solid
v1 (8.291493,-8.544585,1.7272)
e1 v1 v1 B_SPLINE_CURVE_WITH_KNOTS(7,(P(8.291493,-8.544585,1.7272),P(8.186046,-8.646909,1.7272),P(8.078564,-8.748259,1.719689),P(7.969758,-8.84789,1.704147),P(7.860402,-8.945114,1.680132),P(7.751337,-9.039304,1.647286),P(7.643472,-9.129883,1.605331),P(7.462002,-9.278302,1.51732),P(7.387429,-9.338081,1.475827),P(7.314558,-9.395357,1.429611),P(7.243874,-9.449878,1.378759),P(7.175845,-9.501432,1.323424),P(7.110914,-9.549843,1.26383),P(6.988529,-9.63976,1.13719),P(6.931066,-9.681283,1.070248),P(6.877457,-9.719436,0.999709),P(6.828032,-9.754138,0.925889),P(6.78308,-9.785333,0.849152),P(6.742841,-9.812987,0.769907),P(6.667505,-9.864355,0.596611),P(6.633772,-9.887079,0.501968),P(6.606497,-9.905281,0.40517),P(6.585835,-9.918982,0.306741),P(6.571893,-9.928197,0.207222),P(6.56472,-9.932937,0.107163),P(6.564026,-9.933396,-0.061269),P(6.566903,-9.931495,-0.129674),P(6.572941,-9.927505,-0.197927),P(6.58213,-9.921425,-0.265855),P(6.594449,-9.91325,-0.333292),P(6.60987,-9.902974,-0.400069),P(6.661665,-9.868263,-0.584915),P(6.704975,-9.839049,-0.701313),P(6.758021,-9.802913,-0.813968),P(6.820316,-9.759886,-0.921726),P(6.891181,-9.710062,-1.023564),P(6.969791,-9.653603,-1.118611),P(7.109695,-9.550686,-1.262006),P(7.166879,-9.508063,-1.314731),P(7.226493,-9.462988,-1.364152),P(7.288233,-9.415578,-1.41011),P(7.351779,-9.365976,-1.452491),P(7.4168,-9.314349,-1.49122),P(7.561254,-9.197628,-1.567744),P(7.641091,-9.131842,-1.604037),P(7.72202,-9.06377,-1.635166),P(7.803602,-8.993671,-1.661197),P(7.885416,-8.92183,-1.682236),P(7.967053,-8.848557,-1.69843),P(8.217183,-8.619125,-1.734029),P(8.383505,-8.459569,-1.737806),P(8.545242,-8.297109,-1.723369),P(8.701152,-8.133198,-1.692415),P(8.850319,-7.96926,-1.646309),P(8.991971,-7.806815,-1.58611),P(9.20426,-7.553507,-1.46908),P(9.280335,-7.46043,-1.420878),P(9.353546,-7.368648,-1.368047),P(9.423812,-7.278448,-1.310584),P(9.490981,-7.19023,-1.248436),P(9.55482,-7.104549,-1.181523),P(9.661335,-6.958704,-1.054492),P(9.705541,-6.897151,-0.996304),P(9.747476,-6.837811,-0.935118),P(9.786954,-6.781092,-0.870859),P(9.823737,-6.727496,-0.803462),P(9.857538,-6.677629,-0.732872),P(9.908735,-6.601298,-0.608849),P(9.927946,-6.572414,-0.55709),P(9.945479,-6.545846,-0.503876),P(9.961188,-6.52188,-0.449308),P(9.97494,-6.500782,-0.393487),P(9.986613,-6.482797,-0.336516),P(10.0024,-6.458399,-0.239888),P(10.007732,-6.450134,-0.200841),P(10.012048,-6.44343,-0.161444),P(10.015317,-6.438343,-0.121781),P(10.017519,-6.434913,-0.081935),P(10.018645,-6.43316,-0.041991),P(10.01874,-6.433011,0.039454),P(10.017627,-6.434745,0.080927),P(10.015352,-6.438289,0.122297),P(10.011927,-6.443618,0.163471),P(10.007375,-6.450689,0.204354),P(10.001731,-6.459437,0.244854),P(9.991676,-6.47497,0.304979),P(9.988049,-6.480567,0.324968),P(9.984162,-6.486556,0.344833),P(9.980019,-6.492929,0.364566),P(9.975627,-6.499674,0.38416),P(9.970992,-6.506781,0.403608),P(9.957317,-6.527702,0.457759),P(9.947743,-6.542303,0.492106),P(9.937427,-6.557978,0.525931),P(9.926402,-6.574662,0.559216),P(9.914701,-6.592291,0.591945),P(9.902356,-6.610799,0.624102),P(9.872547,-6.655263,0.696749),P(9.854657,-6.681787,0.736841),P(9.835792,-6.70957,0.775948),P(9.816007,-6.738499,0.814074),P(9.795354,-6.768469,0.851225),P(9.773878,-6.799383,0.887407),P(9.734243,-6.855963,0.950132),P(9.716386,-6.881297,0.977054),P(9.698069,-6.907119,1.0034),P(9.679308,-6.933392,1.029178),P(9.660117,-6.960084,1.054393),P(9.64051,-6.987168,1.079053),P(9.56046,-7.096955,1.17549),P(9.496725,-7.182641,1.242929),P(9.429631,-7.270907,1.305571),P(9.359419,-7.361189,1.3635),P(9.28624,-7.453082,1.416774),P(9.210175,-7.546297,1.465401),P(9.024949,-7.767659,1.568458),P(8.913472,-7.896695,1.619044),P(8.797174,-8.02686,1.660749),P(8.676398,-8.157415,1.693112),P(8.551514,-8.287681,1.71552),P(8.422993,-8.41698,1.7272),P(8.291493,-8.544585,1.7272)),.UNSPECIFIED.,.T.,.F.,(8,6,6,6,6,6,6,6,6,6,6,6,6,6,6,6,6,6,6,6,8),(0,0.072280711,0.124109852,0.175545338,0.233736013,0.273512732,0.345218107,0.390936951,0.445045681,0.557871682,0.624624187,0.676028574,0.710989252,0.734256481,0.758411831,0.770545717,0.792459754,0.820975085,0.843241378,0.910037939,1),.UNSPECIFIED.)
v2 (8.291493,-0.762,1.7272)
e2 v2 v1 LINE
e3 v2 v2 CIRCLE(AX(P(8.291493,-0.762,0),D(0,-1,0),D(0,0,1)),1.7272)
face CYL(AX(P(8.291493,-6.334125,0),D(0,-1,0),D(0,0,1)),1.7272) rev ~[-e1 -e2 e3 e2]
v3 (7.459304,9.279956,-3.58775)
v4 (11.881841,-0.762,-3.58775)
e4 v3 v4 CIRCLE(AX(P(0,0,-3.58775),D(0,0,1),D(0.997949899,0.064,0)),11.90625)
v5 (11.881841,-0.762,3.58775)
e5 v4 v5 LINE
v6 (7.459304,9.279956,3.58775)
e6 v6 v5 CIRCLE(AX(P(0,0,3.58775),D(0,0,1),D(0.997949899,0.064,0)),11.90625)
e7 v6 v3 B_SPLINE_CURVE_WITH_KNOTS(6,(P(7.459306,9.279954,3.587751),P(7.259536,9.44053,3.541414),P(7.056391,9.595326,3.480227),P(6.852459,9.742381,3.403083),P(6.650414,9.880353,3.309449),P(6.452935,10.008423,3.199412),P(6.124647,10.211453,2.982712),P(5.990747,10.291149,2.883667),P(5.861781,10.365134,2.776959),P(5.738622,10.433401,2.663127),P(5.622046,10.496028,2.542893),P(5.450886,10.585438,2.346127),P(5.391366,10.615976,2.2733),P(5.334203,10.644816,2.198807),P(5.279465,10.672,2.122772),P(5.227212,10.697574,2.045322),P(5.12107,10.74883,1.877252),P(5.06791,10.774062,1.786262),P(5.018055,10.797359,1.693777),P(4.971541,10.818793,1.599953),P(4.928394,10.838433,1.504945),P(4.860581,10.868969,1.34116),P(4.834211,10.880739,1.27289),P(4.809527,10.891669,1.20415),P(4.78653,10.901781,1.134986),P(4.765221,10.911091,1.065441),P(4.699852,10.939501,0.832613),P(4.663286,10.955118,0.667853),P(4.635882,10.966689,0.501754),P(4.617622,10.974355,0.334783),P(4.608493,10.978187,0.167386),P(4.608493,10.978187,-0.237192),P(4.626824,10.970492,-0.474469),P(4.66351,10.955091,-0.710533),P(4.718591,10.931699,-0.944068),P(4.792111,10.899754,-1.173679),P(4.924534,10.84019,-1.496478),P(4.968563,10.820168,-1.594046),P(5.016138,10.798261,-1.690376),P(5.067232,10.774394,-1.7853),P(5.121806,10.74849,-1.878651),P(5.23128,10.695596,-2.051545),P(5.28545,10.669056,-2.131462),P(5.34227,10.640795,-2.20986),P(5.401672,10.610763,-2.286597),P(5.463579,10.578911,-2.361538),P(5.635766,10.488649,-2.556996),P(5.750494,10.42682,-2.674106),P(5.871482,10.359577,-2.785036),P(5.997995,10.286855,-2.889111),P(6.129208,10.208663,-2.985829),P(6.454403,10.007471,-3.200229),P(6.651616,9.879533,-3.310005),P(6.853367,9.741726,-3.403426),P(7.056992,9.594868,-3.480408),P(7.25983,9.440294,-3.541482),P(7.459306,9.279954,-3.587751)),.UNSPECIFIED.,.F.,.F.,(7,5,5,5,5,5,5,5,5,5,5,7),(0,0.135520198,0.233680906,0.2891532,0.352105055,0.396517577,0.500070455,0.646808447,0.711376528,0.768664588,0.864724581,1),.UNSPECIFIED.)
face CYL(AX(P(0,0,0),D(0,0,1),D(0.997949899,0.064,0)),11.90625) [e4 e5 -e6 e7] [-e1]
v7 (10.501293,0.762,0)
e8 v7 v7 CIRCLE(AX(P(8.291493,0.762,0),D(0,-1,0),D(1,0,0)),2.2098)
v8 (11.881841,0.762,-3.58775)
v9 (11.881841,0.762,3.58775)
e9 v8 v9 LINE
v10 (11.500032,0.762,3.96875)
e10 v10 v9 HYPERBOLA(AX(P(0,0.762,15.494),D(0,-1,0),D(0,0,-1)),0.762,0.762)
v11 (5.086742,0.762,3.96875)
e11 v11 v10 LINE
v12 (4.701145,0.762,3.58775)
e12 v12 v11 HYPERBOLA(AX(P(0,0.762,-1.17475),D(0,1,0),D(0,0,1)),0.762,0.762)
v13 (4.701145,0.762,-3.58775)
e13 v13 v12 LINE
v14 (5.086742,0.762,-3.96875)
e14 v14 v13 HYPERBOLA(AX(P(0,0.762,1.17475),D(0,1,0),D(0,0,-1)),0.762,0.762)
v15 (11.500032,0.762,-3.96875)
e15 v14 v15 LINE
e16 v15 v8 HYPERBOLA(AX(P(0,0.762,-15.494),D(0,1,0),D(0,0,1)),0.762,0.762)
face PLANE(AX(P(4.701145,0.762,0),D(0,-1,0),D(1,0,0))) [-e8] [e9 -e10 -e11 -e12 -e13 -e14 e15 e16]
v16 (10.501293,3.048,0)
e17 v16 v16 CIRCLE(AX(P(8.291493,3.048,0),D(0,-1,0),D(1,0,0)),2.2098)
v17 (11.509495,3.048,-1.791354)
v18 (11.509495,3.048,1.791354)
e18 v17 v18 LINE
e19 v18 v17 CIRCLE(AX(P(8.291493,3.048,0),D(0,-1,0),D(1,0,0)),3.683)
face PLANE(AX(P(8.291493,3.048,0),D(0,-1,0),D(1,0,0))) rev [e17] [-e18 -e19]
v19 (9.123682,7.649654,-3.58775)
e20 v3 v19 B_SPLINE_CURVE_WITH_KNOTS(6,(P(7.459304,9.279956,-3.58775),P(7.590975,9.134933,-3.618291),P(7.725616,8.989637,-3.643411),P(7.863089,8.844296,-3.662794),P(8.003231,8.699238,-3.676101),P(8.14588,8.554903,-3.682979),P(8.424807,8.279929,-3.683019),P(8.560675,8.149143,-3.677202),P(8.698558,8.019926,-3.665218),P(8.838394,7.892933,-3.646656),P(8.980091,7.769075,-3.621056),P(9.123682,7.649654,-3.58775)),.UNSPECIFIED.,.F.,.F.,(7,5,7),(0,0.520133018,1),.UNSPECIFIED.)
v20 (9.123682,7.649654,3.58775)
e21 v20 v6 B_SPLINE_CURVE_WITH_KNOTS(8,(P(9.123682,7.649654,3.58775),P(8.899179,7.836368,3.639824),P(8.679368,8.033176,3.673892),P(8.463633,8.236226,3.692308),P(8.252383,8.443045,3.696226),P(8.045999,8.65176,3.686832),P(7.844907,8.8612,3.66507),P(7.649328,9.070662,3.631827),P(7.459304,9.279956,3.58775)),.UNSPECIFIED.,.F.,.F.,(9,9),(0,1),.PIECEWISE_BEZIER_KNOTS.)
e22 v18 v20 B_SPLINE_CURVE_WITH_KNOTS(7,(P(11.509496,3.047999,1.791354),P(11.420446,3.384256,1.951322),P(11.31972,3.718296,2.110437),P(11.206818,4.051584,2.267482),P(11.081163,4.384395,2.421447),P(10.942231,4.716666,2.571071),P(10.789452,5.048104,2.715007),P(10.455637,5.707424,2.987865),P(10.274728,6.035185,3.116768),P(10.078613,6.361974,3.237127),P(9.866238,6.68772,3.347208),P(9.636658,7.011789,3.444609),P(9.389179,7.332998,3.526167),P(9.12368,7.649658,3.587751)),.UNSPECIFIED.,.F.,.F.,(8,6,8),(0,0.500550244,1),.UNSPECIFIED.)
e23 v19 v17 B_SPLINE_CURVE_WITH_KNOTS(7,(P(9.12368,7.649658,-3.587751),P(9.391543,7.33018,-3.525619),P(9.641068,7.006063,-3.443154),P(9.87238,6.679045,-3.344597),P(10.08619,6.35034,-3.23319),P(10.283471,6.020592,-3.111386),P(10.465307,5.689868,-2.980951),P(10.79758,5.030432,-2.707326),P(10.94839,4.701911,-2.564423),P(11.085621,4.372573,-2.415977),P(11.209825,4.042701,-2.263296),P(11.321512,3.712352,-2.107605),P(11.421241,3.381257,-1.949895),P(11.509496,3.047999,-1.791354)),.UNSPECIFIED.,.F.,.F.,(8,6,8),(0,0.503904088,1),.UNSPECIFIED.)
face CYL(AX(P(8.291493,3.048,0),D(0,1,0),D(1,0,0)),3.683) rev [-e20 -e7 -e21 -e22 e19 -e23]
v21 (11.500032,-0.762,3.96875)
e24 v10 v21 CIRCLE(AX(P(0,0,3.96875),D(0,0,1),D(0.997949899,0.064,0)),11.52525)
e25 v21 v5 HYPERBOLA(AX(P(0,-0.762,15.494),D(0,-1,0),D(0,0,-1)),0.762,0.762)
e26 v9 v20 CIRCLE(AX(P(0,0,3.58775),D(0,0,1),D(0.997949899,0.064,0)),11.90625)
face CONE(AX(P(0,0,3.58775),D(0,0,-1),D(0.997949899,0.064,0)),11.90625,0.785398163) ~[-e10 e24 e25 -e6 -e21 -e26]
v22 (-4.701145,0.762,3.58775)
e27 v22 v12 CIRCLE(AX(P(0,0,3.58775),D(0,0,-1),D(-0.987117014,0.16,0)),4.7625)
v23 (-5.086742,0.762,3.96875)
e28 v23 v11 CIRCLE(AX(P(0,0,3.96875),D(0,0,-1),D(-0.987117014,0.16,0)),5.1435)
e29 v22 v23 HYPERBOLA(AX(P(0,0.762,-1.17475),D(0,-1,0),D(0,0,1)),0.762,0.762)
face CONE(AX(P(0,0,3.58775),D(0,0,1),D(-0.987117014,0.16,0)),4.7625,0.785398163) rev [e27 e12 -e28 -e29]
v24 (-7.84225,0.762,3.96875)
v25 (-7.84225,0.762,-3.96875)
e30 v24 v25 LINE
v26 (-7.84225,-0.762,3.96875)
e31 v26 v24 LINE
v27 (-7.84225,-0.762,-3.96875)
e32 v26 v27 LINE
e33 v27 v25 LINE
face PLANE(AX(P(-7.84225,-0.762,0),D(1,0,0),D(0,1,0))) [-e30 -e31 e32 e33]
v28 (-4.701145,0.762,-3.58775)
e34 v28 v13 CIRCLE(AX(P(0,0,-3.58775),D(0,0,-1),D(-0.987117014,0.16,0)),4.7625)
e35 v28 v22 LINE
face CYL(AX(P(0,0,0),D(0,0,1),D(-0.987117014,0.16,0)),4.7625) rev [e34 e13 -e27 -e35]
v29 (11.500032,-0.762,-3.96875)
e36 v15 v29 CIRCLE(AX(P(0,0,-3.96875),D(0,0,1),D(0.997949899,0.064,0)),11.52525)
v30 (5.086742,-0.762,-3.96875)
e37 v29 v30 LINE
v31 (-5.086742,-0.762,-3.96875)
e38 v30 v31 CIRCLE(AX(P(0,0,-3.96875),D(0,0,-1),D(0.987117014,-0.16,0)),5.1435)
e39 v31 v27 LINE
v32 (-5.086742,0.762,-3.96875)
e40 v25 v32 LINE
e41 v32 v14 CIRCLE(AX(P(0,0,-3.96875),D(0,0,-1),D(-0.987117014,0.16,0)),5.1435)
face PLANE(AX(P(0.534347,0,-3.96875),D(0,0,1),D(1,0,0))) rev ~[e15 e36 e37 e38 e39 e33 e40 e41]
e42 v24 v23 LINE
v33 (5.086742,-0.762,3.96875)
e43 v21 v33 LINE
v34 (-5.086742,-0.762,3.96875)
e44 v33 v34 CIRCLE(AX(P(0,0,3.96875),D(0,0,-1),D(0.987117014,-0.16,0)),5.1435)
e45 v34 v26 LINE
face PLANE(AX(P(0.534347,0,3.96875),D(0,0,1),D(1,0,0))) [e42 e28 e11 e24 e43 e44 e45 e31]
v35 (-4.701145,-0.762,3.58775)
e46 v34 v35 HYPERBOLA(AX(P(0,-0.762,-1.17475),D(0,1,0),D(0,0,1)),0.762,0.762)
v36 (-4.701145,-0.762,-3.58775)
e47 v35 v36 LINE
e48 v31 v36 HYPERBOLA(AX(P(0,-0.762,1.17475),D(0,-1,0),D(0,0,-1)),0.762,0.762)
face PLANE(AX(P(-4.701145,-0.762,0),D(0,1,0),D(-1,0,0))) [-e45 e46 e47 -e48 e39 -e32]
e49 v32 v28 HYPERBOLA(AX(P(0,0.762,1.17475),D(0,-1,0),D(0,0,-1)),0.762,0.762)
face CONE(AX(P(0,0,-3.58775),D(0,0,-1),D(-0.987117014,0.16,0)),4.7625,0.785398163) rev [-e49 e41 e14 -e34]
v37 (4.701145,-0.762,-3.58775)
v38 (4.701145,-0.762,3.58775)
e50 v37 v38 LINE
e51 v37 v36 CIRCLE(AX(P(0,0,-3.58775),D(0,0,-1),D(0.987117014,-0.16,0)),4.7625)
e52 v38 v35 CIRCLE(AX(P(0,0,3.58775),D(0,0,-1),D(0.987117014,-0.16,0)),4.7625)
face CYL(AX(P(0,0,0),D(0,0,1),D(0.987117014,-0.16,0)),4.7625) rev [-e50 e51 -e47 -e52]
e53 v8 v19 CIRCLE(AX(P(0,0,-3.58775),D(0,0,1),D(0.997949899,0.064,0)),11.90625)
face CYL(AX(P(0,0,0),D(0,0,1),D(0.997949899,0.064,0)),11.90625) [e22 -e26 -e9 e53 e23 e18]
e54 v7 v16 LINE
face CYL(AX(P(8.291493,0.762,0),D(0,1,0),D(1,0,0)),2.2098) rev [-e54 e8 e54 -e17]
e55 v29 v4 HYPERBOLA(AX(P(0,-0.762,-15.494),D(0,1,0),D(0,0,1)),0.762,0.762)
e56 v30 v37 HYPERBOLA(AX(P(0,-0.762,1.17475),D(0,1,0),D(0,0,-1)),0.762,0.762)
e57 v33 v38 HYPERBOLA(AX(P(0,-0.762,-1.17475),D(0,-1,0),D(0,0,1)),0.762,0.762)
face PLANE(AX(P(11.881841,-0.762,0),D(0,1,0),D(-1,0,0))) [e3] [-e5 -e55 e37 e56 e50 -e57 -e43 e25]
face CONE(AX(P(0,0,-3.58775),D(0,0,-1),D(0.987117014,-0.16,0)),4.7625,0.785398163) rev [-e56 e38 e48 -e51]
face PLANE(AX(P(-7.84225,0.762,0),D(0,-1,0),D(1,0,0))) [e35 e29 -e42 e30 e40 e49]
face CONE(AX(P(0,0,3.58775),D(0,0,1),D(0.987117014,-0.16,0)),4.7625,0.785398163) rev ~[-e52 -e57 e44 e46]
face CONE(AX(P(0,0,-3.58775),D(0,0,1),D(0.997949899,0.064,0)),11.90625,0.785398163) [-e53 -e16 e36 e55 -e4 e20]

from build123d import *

# Parameters (mm, degrees)
BOSS_EXTRUDE1_DEPTH = 3.96875
SKETCH4_W           = 1.7272
SKETCH4_H           = 11.14425
CHAMFER1_SIZE       = 0.381


with BuildPart() as part:
    # Sketch1 → Boss-Extrude1 (new body, symmetric)
    with BuildSketch(Plane.XY):
        with BuildLine():
            Line((-7.84225, 0.762), (-4.701144781, 0.762))
            ThreePointArc((-4.701144781, 0.762), (0, 4.7625), (4.701144781, 0.762))
            Line((4.701144781, 0.762), (11.88184098, 0.762))
            ThreePointArc((11.88184098, 0.762), (-11.90625, 0), (11.88184098, -0.762))
            Line((11.88184098, -0.762), (4.701144781, -0.762))
            ThreePointArc((4.701144781, -0.762), (0, -4.7625), (-4.701144781, -0.762))
            Line((-4.701144781, -0.762), (-7.84225, -0.762))
            Line((-7.84225, -0.762), (-7.84225, 0.762))
        make_face()
    extrude(amount=BOSS_EXTRUDE1_DEPTH, both=True)

    # Sketch4 → #8-32 Tapped Hole1 (revolve, cut)
    with BuildSketch(Plane(origin=(8.29149288, -0.762, 0), x_dir=(0, 0, 1), z_dir=(1, 0, 0))):
        with Locations((0.8636, 5.572125)):
            Rectangle(SKETCH4_W, SKETCH4_H)
    revolve(axis=Axis((8.29149288, 5.588, 0), (0, -1, 0)), mode=Mode.SUBTRACT)

    # Chamfer1
    chamfer1_edges = [part.edges().sort_by_distance(p)[0] for p in [
        (0, -4.7625, -3.96875),
        (0, 4.7625, 3.96875),
        (-11.90625, 0, 3.96875),
        (0, -4.7625, 3.96875),
        (-11.90625, 0, -3.96875),
        (0, 4.7625, -3.96875),
    ]]
    chamfer(chamfer1_edges, length=CHAMFER1_SIZE)

    # Sketch10 → Cut-Revolve1 (revolve, cut)
    with BuildSketch(Plane.XY):
        Polygon((8.29149288, 0.762), (10.50129288, 0.762), (10.50129288, 3.048), (11.97449288, 3.048), (11.97449288, 11.90625), (8.29149288, 11.90625), align=None)
    revolve(axis=Axis((8.29149288, -0.762, 0), (0, -1, 0)), mode=Mode.SUBTRACT)


solid = part.part
